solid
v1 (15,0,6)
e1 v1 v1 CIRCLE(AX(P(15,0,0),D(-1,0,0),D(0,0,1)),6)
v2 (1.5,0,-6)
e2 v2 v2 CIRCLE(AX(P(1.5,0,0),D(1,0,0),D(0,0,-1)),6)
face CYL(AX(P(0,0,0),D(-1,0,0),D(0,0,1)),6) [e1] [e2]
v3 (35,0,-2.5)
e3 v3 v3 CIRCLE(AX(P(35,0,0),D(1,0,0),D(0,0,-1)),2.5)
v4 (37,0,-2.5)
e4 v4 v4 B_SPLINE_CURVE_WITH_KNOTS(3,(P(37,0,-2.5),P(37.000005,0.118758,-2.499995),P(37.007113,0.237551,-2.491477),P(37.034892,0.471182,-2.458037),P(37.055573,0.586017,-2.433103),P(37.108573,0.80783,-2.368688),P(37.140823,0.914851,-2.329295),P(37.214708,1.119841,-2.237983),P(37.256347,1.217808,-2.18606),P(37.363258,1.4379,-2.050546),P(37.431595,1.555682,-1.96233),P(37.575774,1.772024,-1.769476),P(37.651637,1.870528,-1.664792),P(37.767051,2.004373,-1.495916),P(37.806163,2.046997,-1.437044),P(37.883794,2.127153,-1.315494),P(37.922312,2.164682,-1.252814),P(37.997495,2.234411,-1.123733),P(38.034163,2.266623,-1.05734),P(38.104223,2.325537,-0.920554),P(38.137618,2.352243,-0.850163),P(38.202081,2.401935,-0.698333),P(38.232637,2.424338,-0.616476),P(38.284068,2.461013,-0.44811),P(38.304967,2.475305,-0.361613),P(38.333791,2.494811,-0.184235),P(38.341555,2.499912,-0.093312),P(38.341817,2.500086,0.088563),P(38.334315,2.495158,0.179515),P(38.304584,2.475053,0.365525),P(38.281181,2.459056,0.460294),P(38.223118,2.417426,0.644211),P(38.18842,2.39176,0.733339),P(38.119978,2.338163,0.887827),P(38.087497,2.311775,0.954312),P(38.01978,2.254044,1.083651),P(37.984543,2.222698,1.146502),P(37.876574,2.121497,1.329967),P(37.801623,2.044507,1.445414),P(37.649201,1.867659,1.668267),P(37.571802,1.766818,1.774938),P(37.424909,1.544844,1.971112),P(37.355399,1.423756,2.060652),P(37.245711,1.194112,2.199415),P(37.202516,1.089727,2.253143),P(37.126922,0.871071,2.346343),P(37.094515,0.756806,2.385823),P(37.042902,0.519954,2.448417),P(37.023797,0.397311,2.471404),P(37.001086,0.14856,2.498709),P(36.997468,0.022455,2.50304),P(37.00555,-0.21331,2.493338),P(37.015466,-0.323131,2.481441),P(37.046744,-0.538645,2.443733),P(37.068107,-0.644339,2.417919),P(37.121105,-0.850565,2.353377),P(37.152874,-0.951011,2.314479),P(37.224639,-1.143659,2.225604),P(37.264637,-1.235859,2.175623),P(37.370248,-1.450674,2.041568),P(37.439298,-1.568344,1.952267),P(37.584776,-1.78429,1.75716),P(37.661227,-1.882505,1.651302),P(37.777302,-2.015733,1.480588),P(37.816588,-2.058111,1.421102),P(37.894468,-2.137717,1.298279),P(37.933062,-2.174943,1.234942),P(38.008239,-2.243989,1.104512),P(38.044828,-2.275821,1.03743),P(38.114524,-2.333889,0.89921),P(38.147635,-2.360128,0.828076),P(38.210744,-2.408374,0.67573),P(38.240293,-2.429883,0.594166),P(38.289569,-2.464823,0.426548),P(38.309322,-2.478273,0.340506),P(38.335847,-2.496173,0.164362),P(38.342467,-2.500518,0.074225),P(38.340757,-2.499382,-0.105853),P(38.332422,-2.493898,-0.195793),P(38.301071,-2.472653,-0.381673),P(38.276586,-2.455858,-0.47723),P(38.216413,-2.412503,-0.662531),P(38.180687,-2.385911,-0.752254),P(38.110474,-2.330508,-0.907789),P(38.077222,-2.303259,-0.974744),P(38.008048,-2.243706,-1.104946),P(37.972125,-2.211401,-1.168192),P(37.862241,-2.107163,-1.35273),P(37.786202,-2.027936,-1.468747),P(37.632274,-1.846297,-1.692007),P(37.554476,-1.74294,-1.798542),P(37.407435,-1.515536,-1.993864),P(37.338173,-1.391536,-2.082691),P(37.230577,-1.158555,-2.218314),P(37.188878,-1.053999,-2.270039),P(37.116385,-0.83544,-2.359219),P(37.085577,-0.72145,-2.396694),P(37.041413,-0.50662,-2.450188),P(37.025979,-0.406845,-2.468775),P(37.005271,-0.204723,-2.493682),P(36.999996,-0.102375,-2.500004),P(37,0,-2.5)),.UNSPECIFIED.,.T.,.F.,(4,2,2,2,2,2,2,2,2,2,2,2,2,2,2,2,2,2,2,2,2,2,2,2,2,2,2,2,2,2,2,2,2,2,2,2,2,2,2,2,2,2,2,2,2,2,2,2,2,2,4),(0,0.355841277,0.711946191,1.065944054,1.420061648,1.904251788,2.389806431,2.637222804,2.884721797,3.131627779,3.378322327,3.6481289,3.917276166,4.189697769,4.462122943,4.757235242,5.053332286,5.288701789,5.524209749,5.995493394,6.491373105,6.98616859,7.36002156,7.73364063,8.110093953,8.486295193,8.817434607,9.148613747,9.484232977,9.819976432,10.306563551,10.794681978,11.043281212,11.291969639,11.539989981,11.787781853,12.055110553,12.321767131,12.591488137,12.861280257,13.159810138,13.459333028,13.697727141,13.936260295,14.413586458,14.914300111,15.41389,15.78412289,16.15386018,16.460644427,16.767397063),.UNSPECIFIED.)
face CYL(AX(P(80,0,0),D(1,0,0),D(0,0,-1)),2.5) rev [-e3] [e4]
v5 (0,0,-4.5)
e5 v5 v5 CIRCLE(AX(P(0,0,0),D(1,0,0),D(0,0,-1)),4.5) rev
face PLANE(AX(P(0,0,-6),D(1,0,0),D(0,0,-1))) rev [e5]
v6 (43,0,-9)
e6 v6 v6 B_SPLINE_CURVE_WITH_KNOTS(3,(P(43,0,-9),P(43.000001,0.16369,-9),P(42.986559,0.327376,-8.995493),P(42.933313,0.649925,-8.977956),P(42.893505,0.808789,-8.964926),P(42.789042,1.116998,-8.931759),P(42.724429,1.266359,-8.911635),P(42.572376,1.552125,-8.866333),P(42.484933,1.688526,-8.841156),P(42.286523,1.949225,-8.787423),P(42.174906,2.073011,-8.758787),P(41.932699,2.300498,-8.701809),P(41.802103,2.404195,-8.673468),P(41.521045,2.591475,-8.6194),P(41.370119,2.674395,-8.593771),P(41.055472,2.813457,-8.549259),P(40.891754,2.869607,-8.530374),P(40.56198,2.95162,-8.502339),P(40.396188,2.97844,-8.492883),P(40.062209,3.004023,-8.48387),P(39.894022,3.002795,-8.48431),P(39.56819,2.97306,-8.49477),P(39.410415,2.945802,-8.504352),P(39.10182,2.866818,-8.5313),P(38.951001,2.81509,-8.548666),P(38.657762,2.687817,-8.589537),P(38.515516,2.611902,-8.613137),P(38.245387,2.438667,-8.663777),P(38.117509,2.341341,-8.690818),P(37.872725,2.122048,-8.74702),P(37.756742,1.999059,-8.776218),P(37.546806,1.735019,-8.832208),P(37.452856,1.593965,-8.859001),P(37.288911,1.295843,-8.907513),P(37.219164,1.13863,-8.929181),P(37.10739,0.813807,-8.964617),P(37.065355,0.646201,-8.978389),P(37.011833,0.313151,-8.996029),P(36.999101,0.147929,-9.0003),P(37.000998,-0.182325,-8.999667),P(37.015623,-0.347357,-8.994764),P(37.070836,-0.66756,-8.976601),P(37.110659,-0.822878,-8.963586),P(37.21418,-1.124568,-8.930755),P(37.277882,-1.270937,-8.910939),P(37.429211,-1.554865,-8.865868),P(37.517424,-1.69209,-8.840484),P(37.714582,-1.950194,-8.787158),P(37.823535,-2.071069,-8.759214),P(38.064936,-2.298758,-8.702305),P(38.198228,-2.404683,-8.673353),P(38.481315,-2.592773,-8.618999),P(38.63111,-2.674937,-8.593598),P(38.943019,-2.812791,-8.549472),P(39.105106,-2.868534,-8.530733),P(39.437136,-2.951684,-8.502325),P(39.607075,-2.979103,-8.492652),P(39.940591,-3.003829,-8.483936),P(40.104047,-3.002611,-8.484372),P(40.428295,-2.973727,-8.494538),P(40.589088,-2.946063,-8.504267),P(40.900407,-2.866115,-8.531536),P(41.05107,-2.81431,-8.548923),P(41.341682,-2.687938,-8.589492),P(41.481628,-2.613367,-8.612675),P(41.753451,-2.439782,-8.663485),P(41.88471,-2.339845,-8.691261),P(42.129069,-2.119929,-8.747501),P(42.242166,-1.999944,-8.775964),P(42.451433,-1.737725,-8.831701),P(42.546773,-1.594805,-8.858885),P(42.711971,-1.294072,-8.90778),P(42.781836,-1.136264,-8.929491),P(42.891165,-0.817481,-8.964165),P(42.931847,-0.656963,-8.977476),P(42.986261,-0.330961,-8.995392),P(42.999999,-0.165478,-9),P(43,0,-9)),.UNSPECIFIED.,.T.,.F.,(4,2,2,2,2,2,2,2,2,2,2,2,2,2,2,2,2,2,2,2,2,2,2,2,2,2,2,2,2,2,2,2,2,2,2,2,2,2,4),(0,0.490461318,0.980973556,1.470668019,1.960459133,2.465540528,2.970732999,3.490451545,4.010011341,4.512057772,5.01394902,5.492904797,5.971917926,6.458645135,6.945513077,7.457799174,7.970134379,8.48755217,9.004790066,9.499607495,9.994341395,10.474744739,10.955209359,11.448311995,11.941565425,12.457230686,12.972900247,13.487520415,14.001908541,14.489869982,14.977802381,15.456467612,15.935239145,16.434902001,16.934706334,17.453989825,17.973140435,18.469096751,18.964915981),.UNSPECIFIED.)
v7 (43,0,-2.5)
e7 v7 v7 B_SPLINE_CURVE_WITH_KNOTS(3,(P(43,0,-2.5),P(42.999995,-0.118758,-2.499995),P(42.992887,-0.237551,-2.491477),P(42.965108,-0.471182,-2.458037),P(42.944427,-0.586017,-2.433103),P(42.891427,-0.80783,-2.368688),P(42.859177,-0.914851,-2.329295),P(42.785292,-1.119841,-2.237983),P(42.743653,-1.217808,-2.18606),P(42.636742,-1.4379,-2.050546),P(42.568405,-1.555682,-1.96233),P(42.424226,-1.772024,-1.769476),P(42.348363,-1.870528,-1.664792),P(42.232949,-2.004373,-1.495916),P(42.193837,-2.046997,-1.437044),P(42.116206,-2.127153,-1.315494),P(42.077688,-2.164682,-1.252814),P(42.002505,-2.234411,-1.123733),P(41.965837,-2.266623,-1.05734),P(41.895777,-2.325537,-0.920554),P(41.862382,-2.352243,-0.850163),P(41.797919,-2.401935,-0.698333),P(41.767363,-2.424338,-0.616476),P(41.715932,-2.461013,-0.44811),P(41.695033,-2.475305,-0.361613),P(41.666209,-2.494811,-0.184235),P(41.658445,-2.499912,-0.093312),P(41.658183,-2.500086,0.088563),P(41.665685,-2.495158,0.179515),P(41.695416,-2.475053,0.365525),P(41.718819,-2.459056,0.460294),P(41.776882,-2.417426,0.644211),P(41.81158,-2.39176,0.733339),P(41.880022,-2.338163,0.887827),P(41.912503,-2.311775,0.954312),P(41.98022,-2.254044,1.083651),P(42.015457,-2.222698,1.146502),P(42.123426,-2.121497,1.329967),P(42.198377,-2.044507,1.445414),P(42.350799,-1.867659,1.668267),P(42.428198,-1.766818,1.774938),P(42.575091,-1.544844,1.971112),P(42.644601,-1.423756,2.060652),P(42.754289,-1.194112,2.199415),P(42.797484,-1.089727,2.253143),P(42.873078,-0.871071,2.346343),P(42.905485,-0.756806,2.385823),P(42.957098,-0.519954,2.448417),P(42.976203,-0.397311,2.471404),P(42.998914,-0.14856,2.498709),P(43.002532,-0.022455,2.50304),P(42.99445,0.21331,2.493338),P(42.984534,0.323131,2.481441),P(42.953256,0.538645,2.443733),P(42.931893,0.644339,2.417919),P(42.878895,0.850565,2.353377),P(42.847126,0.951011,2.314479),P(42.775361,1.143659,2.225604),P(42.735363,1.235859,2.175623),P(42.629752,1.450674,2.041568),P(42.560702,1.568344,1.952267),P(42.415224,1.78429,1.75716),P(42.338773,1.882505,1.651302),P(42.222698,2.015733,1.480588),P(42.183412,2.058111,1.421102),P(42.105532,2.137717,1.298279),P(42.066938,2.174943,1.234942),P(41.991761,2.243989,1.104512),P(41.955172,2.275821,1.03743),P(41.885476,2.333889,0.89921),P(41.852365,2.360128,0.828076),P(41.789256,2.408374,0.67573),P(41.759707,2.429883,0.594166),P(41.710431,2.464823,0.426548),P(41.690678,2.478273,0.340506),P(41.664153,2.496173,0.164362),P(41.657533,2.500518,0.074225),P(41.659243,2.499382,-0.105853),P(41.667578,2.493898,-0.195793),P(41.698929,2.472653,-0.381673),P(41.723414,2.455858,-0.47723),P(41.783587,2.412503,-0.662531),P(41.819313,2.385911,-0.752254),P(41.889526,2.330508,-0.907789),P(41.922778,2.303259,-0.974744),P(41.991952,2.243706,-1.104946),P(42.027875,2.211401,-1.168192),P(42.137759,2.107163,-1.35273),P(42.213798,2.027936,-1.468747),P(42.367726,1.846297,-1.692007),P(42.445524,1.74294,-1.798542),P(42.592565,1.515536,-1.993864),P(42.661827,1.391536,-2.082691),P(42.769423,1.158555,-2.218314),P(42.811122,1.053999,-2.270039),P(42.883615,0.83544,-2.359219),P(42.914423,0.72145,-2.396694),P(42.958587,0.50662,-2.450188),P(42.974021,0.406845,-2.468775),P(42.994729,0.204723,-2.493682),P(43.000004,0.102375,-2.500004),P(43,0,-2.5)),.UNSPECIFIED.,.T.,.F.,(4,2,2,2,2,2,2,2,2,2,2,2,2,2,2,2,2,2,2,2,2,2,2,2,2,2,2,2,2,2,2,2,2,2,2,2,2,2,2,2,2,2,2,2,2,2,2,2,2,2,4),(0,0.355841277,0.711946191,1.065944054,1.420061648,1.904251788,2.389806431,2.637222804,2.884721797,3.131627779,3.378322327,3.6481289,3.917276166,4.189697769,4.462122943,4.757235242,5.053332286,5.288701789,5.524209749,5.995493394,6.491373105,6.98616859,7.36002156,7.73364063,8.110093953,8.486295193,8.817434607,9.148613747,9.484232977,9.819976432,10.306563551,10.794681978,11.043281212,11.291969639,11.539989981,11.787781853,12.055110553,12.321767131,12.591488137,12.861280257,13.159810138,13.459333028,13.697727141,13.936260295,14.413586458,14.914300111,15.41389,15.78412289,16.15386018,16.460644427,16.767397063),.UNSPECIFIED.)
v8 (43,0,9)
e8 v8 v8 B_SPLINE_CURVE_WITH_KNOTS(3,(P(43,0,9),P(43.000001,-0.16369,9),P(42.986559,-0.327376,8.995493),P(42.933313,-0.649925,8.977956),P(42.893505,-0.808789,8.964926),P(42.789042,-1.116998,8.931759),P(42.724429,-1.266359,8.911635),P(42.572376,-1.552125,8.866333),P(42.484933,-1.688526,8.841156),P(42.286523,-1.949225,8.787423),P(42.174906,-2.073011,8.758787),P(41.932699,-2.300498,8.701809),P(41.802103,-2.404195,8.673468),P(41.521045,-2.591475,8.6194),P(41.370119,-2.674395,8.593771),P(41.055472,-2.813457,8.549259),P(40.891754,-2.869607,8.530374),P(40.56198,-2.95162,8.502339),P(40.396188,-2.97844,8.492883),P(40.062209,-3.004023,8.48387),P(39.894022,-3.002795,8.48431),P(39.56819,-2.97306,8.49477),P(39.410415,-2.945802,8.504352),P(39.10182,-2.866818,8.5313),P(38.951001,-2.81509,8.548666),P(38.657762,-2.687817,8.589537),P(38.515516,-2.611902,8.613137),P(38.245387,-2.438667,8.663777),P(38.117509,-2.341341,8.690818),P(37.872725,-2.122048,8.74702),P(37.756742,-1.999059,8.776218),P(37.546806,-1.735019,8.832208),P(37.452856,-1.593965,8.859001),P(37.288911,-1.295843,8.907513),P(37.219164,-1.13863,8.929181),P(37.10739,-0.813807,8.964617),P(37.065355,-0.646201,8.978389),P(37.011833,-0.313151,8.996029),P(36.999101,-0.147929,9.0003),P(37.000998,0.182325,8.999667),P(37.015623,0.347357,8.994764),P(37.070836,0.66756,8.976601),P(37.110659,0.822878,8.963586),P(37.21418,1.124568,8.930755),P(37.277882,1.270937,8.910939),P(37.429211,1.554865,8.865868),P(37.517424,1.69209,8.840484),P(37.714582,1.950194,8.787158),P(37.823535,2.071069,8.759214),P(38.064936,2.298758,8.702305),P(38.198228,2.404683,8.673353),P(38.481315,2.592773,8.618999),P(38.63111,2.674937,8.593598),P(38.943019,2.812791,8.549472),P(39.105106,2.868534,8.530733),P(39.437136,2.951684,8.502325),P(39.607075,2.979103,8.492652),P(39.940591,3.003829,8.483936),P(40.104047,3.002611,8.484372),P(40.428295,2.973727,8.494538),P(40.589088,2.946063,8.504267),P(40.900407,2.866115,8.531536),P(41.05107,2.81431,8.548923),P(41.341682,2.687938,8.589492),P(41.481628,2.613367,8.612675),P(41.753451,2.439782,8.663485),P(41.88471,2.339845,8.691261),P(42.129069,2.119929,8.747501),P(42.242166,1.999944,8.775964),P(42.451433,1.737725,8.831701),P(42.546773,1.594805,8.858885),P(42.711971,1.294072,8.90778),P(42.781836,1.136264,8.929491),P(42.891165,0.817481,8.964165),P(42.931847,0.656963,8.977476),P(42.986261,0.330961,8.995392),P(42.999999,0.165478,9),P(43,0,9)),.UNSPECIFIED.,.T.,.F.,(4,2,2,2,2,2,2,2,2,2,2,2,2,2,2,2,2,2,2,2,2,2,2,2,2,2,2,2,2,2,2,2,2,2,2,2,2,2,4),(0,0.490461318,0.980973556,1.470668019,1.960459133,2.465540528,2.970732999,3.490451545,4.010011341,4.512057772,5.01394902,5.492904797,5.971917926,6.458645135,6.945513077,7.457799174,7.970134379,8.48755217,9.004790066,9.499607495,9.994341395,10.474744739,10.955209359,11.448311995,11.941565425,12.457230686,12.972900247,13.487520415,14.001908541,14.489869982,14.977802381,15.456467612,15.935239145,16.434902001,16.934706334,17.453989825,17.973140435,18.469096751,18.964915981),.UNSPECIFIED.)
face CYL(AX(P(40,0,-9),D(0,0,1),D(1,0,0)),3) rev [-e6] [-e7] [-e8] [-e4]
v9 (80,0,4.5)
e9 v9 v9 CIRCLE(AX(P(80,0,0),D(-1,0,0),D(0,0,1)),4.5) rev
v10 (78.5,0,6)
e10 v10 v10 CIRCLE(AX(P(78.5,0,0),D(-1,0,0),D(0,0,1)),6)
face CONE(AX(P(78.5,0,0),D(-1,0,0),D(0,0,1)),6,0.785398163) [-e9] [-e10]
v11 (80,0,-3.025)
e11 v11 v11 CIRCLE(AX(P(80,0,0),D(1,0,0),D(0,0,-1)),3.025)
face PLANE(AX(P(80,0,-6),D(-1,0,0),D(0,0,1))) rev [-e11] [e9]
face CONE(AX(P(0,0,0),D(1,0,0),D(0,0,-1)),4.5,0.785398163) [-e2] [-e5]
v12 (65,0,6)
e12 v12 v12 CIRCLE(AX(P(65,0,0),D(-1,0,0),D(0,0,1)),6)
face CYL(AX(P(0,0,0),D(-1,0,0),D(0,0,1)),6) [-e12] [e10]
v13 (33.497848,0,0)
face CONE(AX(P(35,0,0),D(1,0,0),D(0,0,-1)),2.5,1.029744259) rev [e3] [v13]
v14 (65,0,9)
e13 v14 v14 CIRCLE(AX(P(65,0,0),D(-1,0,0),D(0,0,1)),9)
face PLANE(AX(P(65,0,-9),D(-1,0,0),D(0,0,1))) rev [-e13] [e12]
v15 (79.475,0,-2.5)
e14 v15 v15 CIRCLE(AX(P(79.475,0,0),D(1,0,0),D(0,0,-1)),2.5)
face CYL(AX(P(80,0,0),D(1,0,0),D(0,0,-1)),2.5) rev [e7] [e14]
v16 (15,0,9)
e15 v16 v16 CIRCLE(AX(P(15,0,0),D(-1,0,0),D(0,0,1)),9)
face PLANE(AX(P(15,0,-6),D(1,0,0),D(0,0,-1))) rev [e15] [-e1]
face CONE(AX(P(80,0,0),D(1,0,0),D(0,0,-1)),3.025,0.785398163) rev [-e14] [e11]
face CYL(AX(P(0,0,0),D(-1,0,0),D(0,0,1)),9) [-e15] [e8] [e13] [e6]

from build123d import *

# Parameters (mm, degrees)
M6X1_0_TAPPED_HOLE1_D           = 5
M6X1_0_TAPPED_HOLE1_DEPTH       = 45
M6X1_0_TAPPED_HOLE1_CSINK_D     = 6.05
M6X1_0_TAPPED_HOLE1_CSINK_ANGLE = 90
M6X1_0_TAPPED_HOLE1_TIP         = 1.502151548
SKETCH5_R                       = 3
CUT_EXTRUDE1_DEPTH              = 10
CUT_EXTRUDE1_DEPTH_BACK         = 10
CHAMFER1_SIZE                   = 1.5


with BuildPart() as part:
    # Sketch1 → Revolve4 (revolve)
    with BuildSketch(Plane(origin=(0, 0, 0), x_dir=(1, 0, 0), z_dir=(0, 1, 0))):
        Polygon((0, 6), (15, 6), (15, 9), (65, 9), (65, 6), (80, 6), (80, 0), (0, 0), align=None)
    revolve(axis=Axis((0, 0, 0), (1, 0, 0)))

    # M6x1.0 Tapped Hole1
    with Locations(Plane(origin=(80, 0, 0), x_dir=(0, 0, -1), z_dir=(1, 0, 0))):
        with Locations((0, 0)):
            CounterSinkHole(M6X1_0_TAPPED_HOLE1_D / 2, M6X1_0_TAPPED_HOLE1_CSINK_D / 2, depth=M6X1_0_TAPPED_HOLE1_DEPTH, counter_sink_angle=M6X1_0_TAPPED_HOLE1_CSINK_ANGLE)
            with Locations((0, 0, -(M6X1_0_TAPPED_HOLE1_DEPTH + M6X1_0_TAPPED_HOLE1_TIP / 2))):  # 118° drill point
                Cone(0, M6X1_0_TAPPED_HOLE1_D / 2, M6X1_0_TAPPED_HOLE1_TIP, mode=Mode.SUBTRACT)

    # Sketch5 → Cut-Extrude1 (cut, two sides)
    with BuildSketch(Plane.XY) as cut_extrude1_sk:
        with Locations((40, 0)):
            Circle(SKETCH5_R)
    extrude(amount=CUT_EXTRUDE1_DEPTH, mode=Mode.SUBTRACT)
    extrude(cut_extrude1_sk.sketch, amount=-CUT_EXTRUDE1_DEPTH_BACK, mode=Mode.SUBTRACT)

    # Chamfer1
    chamfer1_edges = [part.edges().sort_by_distance(p)[0] for p in [
        (0, 0, 6),
        (80, 0, 6),
    ]]
    chamfer(chamfer1_edges, length=CHAMFER1_SIZE)


solid = part.part
